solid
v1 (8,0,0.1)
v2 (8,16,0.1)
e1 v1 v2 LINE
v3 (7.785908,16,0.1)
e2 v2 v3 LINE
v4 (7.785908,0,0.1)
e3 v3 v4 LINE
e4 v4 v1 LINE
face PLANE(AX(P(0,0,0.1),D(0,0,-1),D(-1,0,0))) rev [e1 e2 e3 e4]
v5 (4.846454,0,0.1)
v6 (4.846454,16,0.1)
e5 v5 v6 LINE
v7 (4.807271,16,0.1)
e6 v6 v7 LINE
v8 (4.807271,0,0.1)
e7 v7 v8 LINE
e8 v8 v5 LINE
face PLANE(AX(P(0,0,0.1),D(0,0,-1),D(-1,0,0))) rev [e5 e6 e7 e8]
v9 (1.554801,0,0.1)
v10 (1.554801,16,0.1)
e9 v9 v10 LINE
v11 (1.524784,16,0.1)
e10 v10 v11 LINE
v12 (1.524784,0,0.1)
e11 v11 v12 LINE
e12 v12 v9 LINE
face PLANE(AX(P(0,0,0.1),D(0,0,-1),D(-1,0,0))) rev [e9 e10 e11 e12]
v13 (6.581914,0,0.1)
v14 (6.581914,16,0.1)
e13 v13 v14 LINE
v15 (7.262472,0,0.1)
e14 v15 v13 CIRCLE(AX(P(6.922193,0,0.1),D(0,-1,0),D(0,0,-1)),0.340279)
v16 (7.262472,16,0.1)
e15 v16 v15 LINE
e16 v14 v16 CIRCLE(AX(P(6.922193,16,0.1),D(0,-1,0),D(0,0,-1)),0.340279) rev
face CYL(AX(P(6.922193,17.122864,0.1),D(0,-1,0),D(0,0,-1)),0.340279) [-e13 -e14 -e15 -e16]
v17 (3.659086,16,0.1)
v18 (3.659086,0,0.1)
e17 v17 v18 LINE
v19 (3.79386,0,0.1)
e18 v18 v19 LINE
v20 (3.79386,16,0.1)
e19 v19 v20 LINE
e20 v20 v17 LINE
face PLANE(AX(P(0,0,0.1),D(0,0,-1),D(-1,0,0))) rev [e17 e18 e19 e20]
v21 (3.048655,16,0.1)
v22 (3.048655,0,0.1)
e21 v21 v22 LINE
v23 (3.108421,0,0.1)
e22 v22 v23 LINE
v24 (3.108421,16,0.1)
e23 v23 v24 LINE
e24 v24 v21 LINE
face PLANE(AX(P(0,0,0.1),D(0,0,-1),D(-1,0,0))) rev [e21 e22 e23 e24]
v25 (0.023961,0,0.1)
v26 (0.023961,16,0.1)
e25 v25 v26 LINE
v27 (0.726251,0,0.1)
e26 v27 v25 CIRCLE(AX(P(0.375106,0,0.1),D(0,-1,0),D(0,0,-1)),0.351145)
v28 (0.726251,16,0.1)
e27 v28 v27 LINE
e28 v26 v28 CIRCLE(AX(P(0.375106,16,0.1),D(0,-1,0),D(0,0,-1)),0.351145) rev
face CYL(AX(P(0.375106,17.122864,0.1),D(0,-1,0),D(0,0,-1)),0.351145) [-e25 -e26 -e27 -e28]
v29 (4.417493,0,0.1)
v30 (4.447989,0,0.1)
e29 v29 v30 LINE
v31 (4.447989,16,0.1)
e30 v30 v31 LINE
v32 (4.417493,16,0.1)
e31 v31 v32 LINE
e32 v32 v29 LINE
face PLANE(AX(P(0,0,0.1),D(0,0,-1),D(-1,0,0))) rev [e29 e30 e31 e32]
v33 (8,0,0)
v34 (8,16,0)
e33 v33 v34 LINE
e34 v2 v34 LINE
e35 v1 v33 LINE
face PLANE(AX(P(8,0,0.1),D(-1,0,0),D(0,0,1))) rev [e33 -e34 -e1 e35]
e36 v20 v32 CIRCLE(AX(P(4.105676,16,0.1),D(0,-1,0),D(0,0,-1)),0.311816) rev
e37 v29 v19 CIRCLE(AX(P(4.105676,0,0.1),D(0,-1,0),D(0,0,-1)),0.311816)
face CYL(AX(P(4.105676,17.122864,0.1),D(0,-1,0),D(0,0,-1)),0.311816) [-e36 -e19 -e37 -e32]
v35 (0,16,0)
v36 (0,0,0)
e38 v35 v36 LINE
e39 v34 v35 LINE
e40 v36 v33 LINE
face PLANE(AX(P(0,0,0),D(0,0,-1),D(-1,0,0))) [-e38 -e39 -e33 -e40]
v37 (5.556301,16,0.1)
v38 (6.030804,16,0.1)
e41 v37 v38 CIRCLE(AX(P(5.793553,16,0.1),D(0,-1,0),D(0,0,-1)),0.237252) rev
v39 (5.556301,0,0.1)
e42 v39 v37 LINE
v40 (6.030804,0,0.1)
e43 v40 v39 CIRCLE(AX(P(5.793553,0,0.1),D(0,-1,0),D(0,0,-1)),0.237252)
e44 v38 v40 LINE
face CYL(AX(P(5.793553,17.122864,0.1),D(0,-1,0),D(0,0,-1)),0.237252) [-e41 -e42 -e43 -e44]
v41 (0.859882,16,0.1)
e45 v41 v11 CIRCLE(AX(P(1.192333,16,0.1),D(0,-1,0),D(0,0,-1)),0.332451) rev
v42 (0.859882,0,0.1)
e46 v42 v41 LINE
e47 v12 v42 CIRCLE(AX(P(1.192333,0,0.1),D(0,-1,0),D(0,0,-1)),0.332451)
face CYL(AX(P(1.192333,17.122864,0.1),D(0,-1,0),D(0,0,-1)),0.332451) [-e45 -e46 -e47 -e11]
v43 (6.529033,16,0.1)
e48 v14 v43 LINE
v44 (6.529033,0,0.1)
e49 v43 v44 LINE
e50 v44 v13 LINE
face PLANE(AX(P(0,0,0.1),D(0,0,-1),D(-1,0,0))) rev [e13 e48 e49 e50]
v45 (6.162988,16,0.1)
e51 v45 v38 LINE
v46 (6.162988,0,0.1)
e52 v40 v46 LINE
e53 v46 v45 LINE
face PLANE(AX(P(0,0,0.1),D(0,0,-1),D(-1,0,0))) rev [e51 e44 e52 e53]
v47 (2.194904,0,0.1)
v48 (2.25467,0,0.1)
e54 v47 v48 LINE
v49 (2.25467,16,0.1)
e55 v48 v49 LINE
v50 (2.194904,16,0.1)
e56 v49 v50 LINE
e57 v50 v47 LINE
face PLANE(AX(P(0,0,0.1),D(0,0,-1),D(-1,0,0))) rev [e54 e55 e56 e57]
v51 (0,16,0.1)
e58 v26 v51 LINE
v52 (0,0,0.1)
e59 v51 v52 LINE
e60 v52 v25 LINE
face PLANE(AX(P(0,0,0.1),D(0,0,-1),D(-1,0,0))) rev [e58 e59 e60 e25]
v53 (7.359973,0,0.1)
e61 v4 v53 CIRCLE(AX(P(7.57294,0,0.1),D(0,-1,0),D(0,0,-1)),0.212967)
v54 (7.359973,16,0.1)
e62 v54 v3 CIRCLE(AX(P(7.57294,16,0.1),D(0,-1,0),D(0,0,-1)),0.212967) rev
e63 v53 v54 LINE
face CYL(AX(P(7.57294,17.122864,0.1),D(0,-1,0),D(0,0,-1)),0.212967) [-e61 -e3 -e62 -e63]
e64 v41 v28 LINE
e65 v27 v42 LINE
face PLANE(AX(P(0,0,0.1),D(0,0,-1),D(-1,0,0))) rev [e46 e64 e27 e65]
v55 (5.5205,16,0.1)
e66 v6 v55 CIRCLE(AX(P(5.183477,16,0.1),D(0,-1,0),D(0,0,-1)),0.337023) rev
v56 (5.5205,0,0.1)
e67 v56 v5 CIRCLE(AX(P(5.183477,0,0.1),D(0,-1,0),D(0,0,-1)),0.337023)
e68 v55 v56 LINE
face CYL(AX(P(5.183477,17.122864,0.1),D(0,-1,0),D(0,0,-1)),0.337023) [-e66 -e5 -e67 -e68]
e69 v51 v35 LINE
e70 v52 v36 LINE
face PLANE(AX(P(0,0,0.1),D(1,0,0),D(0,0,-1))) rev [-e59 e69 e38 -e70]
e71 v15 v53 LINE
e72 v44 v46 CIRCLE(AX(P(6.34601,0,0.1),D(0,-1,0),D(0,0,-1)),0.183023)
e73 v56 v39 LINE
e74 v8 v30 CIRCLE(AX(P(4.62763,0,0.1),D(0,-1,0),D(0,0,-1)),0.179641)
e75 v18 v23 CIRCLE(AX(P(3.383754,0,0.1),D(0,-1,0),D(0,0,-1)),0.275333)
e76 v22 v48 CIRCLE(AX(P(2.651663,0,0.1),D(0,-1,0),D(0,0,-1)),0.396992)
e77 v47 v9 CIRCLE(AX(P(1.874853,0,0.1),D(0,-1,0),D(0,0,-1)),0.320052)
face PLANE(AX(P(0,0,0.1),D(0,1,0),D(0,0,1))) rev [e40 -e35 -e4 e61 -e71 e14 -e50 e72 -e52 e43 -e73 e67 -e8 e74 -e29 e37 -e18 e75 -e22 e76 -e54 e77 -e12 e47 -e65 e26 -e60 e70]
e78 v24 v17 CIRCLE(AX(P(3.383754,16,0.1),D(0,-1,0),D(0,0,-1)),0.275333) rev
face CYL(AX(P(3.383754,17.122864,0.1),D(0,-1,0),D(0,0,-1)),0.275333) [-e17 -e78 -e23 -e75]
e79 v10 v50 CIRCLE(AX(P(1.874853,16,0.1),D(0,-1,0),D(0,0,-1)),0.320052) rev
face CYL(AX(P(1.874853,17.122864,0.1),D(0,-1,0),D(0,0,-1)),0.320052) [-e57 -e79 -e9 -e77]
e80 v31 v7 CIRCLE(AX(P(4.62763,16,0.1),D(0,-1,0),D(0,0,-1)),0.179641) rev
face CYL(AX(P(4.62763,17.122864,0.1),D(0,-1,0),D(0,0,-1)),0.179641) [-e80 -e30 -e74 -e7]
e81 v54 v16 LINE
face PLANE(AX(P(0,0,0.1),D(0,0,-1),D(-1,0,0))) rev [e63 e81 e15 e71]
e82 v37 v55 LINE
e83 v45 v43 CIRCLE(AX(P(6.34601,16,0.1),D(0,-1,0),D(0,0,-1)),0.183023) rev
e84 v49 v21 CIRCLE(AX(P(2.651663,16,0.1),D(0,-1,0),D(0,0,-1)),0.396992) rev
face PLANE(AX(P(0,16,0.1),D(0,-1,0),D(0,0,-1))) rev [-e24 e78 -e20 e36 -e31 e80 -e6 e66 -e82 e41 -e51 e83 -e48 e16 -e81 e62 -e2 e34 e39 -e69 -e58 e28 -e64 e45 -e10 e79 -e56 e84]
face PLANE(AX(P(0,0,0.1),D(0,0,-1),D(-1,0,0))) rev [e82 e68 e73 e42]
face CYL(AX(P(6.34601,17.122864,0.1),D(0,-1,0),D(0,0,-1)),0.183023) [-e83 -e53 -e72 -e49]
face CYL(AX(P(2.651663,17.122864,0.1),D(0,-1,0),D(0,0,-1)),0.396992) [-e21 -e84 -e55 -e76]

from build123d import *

# Parameters (mm, degrees)
SKETCH_1_W          = 8
SKETCH_1_H          = 16
EXTRUDE_1_DEPTH     = 0.1
SKETCH_2_R          = 0.351145055
SKETCH_2_R_2        = 0.320051596
SKETCH_2_R_3        = 0.275332799
SKETCH_2_R_4        = 0.311816498
SKETCH_2_R_5        = 0.337022537
SKETCH_2_R_6        = 0.237251683
SKETCH_2_R_7        = 0.183022727
SKETCH_2_R_8        = 0.212967473
SKETCH_2_R_9        = 0.332451038
SKETCH_2_R_10       = 0.39699232
SKETCH_2_R_11       = 0.179641096
SKETCH_2_R_12       = 0.340279333
EXTRUDE_2_DEPTH     = 16
SKETCH_3_W          = 8
SKETCH_3_H          = 0.451969464
CUT_EXTRUDE_1_DEPTH = 16


with BuildPart() as part:
    # 草图1 → 凸台-拉伸1 (new body)
    with BuildSketch(Plane.XY):
        with Locations((4, 8)):
            Rectangle(SKETCH_1_W, SKETCH_1_H)
    extrude(amount=EXTRUDE_1_DEPTH)

    # 草图2 → 凸台-拉伸2 (add)
    with BuildSketch(Plane.XZ):
        with Locations((0.375106215, 0.1)):
            Circle(SKETCH_2_R)
        with Locations((1.87485289, 0.1)):
            Circle(SKETCH_2_R_2)
        with Locations((3.383753503, 0.1)):
            Circle(SKETCH_2_R_3)
        with Locations((4.105676482, 0.1)):
            Circle(SKETCH_2_R_4)
        with Locations((5.183476985, 0.1)):
            Circle(SKETCH_2_R_5)
        with Locations((5.793552742, 0.1)):
            Circle(SKETCH_2_R_6)
        with Locations((6.346010233, 0.1)):
            Circle(SKETCH_2_R_7)
        with Locations((7.572940366, 0.1)):
            Circle(SKETCH_2_R_8)
        with Locations((1.192332615, 0.1)):
            Circle(SKETCH_2_R_9)
        with Locations((2.651662595, 0.1)):
            Circle(SKETCH_2_R_10)
        with Locations((4.627630185, 0.1)):
            Circle(SKETCH_2_R_11)
        with Locations((6.922192892, 0.1)):
            Circle(SKETCH_2_R_12)
    extrude(amount=-EXTRUDE_2_DEPTH)

    # 草图3 → 切除-拉伸1 (cut)
    with BuildSketch(Plane.XZ):
        with Locations((4, -0.225984732)):
            Rectangle(SKETCH_3_W, SKETCH_3_H)
    extrude(amount=-CUT_EXTRUDE_1_DEPTH, mode=Mode.SUBTRACT)


solid = part.part
